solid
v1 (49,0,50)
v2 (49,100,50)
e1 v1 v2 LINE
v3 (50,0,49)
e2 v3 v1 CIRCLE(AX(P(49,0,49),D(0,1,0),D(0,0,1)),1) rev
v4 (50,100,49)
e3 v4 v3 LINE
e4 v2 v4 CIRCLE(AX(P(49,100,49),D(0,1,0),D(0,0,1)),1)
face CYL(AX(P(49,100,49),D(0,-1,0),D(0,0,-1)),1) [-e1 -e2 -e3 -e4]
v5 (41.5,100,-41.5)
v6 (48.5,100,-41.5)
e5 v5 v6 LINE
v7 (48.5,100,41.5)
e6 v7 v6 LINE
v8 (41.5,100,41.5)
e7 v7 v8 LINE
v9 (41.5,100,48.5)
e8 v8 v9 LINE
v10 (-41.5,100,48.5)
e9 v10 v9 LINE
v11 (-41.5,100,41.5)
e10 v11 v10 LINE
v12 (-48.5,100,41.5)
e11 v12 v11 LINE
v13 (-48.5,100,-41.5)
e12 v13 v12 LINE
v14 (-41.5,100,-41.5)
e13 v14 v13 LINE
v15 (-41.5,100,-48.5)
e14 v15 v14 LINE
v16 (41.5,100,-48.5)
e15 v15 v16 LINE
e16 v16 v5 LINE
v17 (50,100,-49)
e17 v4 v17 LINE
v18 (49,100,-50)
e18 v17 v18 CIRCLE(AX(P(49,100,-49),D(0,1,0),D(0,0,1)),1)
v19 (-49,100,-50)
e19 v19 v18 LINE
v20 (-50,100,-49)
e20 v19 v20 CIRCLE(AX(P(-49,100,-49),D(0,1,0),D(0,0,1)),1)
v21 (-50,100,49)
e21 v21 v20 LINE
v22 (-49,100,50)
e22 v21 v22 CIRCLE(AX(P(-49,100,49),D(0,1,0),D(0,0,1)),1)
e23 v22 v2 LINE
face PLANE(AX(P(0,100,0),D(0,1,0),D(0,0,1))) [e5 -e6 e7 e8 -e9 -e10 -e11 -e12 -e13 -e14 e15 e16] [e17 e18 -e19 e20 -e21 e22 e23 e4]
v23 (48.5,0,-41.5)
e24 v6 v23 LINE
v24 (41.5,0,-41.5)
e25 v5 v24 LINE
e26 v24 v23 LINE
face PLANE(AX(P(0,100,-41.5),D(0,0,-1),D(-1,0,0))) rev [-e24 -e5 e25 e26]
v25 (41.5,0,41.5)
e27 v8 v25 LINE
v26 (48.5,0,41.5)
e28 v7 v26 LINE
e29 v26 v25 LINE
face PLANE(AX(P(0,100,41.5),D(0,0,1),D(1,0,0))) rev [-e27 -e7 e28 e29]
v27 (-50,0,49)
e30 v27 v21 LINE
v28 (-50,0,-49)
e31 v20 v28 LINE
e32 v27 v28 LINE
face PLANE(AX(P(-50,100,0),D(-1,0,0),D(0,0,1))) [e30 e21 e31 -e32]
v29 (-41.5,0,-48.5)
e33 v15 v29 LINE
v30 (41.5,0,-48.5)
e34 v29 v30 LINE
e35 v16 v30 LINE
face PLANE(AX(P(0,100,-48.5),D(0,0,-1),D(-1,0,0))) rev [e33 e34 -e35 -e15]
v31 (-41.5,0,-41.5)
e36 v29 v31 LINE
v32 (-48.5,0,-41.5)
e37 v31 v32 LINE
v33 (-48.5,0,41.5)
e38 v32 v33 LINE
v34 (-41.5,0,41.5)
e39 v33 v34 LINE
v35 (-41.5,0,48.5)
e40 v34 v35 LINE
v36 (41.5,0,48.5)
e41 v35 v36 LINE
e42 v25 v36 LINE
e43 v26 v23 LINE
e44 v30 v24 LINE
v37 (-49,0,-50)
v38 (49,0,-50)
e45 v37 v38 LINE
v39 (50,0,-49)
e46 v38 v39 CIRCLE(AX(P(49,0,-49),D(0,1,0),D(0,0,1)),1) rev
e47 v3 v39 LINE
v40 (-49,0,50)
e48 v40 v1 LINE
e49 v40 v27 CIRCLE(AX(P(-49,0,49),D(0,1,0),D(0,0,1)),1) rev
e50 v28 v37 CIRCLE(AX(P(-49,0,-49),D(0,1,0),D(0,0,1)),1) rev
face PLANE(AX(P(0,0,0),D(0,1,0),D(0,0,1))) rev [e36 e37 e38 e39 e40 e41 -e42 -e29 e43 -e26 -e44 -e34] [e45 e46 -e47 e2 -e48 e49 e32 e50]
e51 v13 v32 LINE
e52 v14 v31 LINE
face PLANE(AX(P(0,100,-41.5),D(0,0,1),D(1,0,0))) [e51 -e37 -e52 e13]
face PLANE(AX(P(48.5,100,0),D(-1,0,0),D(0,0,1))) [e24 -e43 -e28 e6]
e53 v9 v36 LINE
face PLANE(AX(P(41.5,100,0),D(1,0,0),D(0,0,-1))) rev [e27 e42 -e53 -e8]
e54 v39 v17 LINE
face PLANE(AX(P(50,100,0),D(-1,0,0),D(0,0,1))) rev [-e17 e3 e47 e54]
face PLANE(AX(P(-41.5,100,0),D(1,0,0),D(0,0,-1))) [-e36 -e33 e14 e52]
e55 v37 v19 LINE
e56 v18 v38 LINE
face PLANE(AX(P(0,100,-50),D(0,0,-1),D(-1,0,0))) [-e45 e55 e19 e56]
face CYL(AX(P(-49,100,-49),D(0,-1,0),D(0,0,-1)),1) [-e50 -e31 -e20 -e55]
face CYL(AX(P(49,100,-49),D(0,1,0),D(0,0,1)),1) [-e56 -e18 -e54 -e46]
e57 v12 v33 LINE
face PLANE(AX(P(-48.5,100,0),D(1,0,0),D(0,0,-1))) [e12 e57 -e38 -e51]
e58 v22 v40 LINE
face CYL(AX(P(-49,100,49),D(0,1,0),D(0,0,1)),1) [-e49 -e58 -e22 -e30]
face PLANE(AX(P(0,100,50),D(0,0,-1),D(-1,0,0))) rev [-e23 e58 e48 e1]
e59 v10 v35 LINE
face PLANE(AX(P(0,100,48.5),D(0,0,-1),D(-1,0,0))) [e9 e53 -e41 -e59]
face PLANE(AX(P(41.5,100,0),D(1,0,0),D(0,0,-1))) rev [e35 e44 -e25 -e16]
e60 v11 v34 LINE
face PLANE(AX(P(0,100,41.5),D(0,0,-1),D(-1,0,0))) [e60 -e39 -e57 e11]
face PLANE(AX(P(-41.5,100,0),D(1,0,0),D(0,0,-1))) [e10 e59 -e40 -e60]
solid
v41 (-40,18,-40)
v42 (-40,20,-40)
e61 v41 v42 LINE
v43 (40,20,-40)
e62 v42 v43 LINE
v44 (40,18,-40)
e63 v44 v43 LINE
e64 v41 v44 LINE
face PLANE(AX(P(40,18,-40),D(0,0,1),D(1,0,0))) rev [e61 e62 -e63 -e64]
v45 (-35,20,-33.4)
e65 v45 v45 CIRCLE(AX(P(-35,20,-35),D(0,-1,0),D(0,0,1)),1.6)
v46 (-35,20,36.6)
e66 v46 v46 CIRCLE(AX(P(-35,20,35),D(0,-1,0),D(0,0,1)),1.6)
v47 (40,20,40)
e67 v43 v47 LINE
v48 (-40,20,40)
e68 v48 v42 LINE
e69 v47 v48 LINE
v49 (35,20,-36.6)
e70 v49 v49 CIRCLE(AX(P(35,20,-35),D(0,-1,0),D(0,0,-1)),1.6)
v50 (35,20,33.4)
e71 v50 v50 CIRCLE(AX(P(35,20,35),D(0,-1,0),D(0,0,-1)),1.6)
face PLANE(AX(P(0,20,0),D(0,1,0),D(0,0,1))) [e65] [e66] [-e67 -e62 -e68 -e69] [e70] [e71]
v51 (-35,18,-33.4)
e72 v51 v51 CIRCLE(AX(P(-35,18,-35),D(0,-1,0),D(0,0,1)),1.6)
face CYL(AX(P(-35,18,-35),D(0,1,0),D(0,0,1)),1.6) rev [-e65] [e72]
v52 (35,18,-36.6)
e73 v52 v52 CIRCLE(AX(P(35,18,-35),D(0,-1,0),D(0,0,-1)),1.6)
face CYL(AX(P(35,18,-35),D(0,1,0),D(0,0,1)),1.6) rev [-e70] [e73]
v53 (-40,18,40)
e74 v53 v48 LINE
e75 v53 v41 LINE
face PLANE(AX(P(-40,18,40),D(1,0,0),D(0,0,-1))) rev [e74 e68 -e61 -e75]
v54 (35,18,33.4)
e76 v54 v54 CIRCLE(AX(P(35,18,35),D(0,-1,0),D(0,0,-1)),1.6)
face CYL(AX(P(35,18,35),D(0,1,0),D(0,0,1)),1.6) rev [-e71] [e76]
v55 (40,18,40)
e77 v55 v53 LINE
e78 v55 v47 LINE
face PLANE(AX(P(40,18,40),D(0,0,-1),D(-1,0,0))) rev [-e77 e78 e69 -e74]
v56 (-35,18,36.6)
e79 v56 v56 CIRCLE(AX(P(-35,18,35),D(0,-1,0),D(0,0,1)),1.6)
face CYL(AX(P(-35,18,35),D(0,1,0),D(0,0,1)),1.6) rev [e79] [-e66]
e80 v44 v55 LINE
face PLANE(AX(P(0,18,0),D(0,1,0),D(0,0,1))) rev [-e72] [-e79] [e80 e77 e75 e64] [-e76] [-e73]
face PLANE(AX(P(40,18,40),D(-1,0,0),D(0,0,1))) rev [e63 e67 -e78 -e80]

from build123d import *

# Parameters (mm, degrees)
SKETCH1_W           = 100
SKETCH1_H           = 100
BOSS_EXTRUDE2_DEPTH = 100
SKETCH2_W           = 80
SKETCH2_H           = 80
SKETCH2_R           = 1.6
BOSS_EXTRUDE3_DEPTH = 2
FILLET1_R           = 1


with BuildPart() as part:
    # Sketch1 → Boss-Extrude2 (new body)
    with BuildSketch(Plane(origin=(0, 0, 0), x_dir=(1, 0, 0), z_dir=(0, 1, 0))):
        Rectangle(SKETCH1_W, SKETCH1_H)
        Polygon((41.5, -48.5), (-41.5, -48.5), (-41.5, -41.5), (-48.5, -41.5), (-48.5, 41.5), (-41.5, 41.5), (-41.5, 48.5), (41.5, 48.5), (41.5, 41.5), (48.5, 41.5), (48.5, -41.5), (41.5, -41.5), align=None, mode=Mode.SUBTRACT)
    extrude(amount=BOSS_EXTRUDE2_DEPTH)

    # Fillet1
    fillet1_edges = [part.edges().sort_by_distance(p)[0] for p in [
        (50, 50, -50),
        (50, 50, 50),
        (-50, 50, 50),
        (-50, 50, -50),
    ]]
    fillet(fillet1_edges, radius=FILLET1_R)


with BuildPart() as body_2:
    # Sketch2 → Boss-Extrude3 (new body)
    with BuildSketch(Plane(origin=(0, 20, 0), x_dir=(-1, 0, 0), z_dir=(0, -1, 0))):
        Rectangle(SKETCH2_W, SKETCH2_H)
        with Locations(Location((-35, -35, 0), (0, 0, 90))):
            Circle(SKETCH2_R, mode=Mode.SUBTRACT)
        with Locations(Location((35, 35, 0), (0, 0, 270))):
            Circle(SKETCH2_R, mode=Mode.SUBTRACT)
        with Locations(Location((35, -35, 0), (0, 0, 270))):
            Circle(SKETCH2_R, mode=Mode.SUBTRACT)
        with Locations(Location((-35, 35, 0), (0, 0, 90))):
            Circle(SKETCH2_R, mode=Mode.SUBTRACT)
    extrude(amount=BOSS_EXTRUDE3_DEPTH)


solid = Compound([part.part, body_2.part])
